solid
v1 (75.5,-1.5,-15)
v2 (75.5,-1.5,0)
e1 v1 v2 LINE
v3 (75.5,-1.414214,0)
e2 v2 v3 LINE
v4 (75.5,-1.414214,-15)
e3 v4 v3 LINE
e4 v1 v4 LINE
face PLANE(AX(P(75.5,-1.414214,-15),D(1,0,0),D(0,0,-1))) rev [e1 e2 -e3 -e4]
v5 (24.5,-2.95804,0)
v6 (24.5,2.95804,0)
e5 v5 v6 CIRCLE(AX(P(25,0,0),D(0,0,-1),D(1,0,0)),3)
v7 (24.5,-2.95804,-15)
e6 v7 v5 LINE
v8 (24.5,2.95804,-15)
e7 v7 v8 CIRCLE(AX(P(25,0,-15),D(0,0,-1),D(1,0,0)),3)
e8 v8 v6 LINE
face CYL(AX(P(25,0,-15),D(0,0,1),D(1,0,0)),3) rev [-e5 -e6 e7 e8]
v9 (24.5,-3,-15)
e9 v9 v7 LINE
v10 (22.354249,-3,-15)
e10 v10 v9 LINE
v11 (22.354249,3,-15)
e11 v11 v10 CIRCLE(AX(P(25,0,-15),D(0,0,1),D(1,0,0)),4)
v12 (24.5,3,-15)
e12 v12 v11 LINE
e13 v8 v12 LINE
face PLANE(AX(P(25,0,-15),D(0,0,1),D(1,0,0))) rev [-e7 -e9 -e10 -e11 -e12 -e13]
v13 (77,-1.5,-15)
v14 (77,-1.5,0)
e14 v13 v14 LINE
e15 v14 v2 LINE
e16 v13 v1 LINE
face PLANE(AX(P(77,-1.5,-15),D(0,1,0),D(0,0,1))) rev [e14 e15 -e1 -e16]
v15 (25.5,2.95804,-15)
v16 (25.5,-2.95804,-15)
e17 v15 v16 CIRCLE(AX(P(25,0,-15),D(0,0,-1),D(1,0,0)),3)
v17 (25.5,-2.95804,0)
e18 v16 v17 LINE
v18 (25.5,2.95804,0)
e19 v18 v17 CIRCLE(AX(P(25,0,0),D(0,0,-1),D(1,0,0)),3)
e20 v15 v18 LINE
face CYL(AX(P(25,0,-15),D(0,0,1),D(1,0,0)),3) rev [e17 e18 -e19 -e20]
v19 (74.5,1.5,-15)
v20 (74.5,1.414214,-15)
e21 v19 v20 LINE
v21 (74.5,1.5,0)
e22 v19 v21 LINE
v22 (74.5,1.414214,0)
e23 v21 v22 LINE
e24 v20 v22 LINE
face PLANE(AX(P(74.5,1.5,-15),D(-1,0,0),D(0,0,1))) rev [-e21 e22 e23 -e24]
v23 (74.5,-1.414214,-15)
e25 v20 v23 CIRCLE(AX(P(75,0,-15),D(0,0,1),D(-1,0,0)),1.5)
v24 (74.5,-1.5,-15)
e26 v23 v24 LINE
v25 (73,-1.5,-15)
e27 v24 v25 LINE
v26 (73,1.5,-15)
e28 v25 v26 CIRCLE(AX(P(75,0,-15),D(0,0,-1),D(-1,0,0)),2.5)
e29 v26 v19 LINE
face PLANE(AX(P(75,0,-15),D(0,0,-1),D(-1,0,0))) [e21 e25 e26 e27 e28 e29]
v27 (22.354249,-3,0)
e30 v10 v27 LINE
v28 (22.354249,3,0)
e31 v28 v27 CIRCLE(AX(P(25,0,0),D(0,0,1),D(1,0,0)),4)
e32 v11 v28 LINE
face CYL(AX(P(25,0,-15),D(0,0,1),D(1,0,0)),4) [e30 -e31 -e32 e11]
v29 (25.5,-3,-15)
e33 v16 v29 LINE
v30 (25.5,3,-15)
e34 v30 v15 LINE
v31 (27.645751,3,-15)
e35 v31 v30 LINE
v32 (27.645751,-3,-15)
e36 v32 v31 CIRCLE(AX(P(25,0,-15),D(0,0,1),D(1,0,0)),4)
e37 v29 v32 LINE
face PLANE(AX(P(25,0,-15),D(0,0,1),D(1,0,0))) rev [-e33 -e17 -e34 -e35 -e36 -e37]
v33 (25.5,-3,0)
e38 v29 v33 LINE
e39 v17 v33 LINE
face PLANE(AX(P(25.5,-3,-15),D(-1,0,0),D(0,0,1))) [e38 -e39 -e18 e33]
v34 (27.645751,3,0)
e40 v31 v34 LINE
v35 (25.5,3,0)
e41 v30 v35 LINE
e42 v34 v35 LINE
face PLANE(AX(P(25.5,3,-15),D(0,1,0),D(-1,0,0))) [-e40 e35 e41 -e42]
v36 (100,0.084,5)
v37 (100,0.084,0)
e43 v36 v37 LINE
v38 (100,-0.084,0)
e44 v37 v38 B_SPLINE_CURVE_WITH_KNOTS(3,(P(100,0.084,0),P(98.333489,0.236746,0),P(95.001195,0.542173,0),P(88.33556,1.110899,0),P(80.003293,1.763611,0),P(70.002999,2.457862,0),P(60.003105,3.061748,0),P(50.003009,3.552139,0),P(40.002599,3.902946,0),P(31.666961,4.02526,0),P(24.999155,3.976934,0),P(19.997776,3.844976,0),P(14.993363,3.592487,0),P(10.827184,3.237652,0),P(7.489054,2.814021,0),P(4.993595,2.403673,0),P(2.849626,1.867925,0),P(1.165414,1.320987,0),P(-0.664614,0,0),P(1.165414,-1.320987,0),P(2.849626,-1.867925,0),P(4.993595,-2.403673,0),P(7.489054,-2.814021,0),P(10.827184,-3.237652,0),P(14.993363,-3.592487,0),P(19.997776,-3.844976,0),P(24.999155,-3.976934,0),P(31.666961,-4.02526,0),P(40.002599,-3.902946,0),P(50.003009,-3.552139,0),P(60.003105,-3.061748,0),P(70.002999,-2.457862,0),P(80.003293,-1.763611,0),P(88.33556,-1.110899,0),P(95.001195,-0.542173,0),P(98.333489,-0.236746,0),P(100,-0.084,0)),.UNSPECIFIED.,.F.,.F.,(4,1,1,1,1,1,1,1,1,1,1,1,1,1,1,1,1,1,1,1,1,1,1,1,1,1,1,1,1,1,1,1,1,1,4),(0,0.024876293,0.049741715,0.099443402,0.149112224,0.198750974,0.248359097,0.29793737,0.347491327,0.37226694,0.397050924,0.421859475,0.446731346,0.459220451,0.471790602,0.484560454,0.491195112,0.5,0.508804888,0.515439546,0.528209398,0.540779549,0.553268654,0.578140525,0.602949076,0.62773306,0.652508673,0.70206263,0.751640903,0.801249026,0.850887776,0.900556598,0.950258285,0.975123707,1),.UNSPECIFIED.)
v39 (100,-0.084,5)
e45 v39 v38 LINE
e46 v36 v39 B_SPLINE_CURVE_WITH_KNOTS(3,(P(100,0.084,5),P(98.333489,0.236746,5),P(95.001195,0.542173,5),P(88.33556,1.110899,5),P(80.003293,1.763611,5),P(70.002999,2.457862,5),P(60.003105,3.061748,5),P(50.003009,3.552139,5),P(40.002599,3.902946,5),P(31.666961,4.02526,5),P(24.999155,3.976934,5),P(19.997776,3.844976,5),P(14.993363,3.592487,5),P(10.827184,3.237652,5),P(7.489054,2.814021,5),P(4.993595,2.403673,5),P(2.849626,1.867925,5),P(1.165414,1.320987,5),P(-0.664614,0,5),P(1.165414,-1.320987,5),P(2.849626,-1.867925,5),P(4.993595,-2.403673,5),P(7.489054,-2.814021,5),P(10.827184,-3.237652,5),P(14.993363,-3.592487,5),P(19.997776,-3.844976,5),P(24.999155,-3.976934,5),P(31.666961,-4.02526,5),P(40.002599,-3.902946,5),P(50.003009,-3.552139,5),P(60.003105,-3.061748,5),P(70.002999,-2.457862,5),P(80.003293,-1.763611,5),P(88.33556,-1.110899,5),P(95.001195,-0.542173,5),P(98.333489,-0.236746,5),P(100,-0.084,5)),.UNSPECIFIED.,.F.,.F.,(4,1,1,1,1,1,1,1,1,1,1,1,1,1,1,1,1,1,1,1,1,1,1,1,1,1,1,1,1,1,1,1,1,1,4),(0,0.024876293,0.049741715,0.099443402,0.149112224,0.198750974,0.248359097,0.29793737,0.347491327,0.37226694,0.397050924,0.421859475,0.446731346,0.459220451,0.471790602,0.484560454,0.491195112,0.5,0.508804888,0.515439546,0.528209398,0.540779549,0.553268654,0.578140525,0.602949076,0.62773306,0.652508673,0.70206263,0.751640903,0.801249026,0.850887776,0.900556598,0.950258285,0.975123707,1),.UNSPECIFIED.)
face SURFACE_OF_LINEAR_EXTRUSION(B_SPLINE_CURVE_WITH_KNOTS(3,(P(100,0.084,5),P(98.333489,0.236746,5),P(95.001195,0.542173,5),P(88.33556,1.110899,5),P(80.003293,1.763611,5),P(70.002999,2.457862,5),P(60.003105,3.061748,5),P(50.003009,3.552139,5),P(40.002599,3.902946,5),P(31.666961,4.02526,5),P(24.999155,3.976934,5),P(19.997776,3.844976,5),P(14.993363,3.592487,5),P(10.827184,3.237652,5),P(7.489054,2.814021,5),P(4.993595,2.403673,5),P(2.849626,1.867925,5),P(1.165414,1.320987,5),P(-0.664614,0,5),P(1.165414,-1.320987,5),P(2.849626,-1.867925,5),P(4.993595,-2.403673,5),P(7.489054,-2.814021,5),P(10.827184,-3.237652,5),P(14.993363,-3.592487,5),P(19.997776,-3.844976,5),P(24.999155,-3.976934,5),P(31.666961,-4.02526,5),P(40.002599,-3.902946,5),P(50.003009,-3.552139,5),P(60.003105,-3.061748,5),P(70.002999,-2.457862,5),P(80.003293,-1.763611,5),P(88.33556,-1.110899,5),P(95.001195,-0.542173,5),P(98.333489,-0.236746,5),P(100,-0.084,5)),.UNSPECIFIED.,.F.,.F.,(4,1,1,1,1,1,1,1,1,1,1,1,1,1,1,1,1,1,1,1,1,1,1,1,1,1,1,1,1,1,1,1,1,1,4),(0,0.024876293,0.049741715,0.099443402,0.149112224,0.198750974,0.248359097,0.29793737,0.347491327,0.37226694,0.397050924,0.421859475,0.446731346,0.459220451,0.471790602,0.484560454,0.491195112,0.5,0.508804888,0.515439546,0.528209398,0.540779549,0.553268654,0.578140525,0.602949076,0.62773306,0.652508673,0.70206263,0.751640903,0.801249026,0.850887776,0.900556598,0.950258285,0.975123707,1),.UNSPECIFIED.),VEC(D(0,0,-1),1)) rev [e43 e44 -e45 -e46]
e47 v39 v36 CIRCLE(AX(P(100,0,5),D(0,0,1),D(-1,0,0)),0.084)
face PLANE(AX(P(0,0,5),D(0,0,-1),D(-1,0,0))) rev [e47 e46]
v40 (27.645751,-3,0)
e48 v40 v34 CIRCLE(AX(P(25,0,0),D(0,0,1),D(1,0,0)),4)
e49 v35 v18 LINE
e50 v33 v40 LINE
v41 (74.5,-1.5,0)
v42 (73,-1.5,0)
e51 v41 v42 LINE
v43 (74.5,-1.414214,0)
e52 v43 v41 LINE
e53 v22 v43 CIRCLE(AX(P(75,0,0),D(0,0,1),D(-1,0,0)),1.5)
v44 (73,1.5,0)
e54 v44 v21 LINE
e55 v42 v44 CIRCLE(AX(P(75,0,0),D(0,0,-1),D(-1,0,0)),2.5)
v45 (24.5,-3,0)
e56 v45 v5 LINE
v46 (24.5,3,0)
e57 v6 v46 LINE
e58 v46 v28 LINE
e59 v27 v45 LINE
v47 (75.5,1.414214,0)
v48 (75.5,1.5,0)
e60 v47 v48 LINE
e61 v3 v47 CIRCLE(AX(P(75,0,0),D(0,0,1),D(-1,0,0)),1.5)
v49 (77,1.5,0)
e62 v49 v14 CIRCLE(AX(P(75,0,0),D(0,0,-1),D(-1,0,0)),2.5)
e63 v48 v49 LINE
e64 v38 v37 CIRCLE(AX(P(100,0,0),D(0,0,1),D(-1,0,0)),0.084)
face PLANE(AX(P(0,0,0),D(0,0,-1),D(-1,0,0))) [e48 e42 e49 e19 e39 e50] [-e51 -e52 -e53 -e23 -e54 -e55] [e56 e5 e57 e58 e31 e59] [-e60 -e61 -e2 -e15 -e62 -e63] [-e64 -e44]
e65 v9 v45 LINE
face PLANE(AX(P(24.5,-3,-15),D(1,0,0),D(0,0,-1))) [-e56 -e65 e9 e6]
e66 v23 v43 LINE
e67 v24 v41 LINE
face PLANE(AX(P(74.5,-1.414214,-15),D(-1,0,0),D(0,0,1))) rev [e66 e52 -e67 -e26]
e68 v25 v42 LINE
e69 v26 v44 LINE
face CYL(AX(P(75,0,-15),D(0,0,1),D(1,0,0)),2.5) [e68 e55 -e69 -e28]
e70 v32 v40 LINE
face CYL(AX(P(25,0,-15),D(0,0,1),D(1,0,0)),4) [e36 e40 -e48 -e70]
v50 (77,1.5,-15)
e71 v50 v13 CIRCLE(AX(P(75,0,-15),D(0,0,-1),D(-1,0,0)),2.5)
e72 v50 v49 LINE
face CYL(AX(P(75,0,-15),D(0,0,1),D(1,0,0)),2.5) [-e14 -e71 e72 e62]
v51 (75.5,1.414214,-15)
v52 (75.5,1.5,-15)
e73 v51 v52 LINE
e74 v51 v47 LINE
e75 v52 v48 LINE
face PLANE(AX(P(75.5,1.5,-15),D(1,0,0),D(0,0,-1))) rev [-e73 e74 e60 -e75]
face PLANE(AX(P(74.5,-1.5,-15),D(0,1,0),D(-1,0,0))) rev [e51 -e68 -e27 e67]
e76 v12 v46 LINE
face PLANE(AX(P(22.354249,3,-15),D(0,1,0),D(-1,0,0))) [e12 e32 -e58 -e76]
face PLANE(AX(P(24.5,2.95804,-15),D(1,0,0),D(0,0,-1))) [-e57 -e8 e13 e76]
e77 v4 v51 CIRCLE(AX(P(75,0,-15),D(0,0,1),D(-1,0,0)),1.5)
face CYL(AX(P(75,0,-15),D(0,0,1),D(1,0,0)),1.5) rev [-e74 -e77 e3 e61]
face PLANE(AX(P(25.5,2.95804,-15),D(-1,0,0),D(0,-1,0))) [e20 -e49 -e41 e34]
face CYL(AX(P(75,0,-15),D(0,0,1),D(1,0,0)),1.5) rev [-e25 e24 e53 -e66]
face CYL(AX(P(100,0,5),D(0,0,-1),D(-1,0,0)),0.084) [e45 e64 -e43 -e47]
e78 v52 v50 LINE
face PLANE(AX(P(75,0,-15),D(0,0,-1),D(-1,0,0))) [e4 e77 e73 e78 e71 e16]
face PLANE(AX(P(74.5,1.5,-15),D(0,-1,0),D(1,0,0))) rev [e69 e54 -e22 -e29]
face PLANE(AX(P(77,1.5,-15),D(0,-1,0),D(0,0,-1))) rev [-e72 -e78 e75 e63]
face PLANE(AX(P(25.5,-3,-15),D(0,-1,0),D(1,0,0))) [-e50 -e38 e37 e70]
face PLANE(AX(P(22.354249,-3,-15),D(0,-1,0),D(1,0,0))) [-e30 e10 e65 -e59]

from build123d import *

# Parameters (mm, degrees)
CORPOCENTINA_DEPTH            = 5
AGGANCIOPERNORUDDEVATOR_DEPTH = 15
AGGANCIOLONGHERONE_DEPTH      = 15


with BuildPart() as part:
    # Schizzo1 → CorpoCentina (new body)
    with BuildSketch(Plane.XY):
        with BuildLine():
            ThreePointArc((100, 0.084), (100.084, 0), (100, -0.084))
            add(Edge.make_bspline(
                [(100, 0.084), (98.333488815, 0.23674648), (95.001194725, 0.542172689), (88.335559621, 1.11089898), (80.003293356, 1.763610995), (70.002998933, 2.457861693), (60.003104625, 3.061747723), (50.003008601, 3.552139212), (40.002598558, 3.902946494), (31.666961486, 4.025260151), (24.9991546, 3.976933791), (19.997775587, 3.844976398), (14.993363131, 3.592486959), (10.827184065, 3.237651579), (7.489054388, 2.814021367), (4.99359465, 2.403673059), (2.84962634, 1.867925494), (1.165413503, 1.320987252), (-0.664613784, 0), (1.165413503, -1.320987252), (2.84962634, -1.867925494), (4.99359465, -2.403673059), (7.489054388, -2.814021367), (10.827184065, -3.237651579), (14.993363131, -3.592486959), (19.997775587, -3.844976398), (24.9991546, -3.976933791), (31.666961486, -4.025260151), (40.002598558, -3.902946494), (50.003008601, -3.552139212), (60.003104625, -3.061747723), (70.002998933, -2.457861693), (80.003293356, -1.763610995), (88.335559621, -1.11089898), (95.001194725, -0.542172689), (98.333488815, -0.23674648), (100, -0.084)],
                knots=[0, 0, 0, 0, 0.024876293, 0.049741715, 0.099443402, 0.149112224, 0.198750974, 0.248359097, 0.29793737, 0.347491327, 0.37226694, 0.397050924, 0.421859475, 0.446731346, 0.459220451, 0.471790602, 0.484560454, 0.491195112, 0.5, 0.508804888, 0.515439546, 0.528209398, 0.540779549, 0.553268654, 0.578140525, 0.602949076, 0.62773306, 0.652508673, 0.70206263, 0.751640903, 0.801249026, 0.850887776, 0.900556598, 0.950258285, 0.975123707, 1, 1, 1, 1], degree=3))
        make_face()
    extrude(amount=CORPOCENTINA_DEPTH)

    # Schizzo3 → AggancioPernoRuddevator (add)
    with BuildSketch(Plane(origin=(0, 0, 0), x_dir=(-1, 0, 0), z_dir=(0, 0, -1))):
        with BuildLine():
            Line((-77, 1.5), (-75.5, 1.5))
            Line((-75.5, 1.5), (-75.5, 1.414213562))
            ThreePointArc((-75.5, 1.414213562), (-76.5, 0), (-75.5, -1.414213562))
            Line((-75.5, -1.414213562), (-75.5, -1.5))
            Line((-75.5, -1.5), (-77, -1.5))
            ThreePointArc((-77, -1.5), (-77.5, 0), (-77, 1.5))
        make_face()
        with BuildLine():
            Line((-74.5, 1.5), (-73, 1.5))
            ThreePointArc((-73, 1.5), (-72.5, 0), (-73, -1.5))
            Line((-73, -1.5), (-74.5, -1.5))
            Line((-74.5, -1.5), (-74.5, -1.414213562))
            ThreePointArc((-74.5, -1.414213562), (-73.5, 0), (-74.5, 1.414213562))
            Line((-74.5, 1.414213562), (-74.5, 1.5))
        make_face()
    extrude(amount=AGGANCIOPERNORUDDEVATOR_DEPTH)

    # Schizzo2 → AggancioLongherone (add)
    with BuildSketch(Plane.XY):
        with BuildLine():
            Line((22.354248689, -3), (24.5, -3))
            Line((24.5, -3), (24.5, -2.958039892))
            ThreePointArc((24.5, -2.958039892), (22, 0), (24.5, 2.958039892))
            Line((24.5, 2.958039892), (24.5, 3))
            Line((24.5, 3), (22.354248689, 3))
            ThreePointArc((22.354248689, 3), (21, 0), (22.354248689, -3))
        make_face()
        with BuildLine():
            Line((25.5, -3), (25.5, -2.958039892))
            ThreePointArc((25.5, -2.958039892), (28, 0), (25.5, 2.958039892))
            Line((25.5, 2.958039892), (25.5, 3))
            Line((25.5, 3), (27.645751311, 3))
            ThreePointArc((27.645751311, 3), (29, 0), (27.645751311, -3))
            Line((27.645751311, -3), (25.5, -3))
        make_face()
    extrude(amount=-AGGANCIOLONGHERONE_DEPTH)


solid = part.part
